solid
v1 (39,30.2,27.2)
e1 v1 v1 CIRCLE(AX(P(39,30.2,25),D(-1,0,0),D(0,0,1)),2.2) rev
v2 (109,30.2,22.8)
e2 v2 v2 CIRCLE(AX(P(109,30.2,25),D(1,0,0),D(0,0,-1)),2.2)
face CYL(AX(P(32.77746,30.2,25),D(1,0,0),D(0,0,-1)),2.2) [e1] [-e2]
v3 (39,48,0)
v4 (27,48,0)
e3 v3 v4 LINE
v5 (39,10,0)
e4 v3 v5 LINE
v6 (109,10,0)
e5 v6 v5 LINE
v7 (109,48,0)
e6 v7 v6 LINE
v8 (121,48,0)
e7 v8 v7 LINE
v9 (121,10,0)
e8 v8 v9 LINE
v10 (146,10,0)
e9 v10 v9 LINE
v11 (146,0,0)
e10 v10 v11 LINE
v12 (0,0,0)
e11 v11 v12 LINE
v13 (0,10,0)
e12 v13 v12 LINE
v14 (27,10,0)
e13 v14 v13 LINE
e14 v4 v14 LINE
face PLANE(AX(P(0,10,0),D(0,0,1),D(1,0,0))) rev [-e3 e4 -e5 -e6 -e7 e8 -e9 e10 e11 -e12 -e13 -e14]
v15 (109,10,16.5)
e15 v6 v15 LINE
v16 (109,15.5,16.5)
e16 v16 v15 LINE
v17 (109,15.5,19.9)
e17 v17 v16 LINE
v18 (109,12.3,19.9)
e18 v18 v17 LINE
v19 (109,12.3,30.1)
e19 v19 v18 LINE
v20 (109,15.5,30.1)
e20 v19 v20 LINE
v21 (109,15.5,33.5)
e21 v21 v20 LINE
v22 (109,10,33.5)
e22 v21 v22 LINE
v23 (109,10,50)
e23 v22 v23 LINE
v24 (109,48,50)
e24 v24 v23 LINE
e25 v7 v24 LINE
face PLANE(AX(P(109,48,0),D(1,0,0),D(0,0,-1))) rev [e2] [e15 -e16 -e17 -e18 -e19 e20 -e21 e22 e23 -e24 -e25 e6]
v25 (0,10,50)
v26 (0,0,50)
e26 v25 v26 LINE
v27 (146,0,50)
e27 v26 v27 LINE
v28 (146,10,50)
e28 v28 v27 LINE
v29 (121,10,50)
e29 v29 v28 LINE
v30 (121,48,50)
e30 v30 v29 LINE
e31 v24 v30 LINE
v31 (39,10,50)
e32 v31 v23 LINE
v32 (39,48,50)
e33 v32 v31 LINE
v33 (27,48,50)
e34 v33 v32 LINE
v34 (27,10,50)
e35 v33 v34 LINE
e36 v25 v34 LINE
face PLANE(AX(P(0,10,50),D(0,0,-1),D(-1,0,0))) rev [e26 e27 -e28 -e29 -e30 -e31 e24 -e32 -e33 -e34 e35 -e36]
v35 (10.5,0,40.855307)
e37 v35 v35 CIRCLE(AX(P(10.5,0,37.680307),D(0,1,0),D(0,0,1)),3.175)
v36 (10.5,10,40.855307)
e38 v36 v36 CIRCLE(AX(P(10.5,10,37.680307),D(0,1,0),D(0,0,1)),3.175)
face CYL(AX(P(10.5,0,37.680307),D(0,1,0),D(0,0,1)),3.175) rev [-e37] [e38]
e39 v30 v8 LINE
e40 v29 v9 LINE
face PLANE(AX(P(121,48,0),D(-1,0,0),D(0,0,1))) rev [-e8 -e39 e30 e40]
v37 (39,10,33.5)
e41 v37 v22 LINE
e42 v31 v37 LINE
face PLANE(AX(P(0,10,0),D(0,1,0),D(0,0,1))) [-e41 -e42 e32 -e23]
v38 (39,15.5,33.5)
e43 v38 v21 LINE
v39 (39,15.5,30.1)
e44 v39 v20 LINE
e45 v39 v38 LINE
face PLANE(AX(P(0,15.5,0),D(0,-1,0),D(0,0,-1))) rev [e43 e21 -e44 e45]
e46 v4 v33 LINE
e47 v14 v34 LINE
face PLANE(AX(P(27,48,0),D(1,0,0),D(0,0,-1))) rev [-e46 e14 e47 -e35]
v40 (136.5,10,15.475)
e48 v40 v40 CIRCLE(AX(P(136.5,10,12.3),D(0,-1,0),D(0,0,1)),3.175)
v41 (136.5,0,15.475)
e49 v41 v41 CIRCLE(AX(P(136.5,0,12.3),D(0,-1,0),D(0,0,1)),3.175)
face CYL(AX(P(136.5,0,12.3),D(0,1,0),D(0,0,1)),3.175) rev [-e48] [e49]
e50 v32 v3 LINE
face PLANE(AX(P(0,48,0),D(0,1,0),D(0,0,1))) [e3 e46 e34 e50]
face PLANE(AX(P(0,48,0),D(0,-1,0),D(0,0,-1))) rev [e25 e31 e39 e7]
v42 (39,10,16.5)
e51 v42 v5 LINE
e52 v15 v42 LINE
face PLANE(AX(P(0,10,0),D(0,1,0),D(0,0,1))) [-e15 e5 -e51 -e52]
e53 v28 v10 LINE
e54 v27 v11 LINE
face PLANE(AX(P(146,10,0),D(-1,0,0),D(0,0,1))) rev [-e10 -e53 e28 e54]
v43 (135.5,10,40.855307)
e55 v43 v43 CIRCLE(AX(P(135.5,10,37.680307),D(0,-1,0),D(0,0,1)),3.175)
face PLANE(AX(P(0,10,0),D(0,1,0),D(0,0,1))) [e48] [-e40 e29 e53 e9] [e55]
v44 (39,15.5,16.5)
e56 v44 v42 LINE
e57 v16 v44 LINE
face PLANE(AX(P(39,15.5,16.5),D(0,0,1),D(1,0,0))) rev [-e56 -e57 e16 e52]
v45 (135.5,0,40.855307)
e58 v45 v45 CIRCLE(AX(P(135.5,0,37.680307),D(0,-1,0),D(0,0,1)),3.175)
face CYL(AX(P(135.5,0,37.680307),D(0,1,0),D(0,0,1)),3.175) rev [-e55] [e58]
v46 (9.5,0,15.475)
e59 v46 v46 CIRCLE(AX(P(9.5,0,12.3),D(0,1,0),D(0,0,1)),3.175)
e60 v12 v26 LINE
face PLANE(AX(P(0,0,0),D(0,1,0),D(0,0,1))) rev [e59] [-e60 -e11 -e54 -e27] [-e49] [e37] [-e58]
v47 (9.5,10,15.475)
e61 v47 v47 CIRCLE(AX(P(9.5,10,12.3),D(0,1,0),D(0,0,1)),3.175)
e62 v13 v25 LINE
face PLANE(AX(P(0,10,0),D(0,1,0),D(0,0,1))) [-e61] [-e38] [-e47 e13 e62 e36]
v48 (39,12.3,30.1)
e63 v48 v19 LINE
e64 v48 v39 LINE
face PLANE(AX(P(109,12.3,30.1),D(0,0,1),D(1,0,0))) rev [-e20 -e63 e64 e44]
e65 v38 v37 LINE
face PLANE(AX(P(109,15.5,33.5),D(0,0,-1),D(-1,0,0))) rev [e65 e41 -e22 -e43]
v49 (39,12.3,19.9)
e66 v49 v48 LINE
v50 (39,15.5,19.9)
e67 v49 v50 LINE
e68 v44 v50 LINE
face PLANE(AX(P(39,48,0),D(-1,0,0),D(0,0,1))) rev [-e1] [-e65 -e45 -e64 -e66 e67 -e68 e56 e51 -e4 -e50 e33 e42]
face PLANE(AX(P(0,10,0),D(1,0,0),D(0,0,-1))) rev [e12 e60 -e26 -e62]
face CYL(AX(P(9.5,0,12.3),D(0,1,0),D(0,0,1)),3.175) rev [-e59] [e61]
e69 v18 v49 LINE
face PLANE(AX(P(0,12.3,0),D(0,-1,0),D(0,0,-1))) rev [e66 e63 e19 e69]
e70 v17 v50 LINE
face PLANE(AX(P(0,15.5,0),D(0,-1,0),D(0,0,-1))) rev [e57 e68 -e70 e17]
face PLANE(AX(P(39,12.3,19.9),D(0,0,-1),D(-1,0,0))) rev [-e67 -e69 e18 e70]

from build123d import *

# Parameters (mm, degrees)
SKETCH1_W           = 146
SKETCH1_H           = 50
BOSS_EXTRUDE1_DEPTH = 10
SKETCH2_R           = 3.175
CUT_EXTRUDE1_DEPTH  = 10
SKETCH3_W           = 12
SKETCH3_H           = 50
BOSS_EXTRUDE2_DEPTH = 38
SKETCH4_R           = 2.2
BOSS_EXTRUDE3_DEPTH = 82
SKETCH5_W           = 70
SKETCH5_H           = 17
BOSS_EXTRUDE4_DEPTH = 5.5
SKETCH6_W           = 70
SKETCH6_H           = 10.2
CUT_EXTRUDE2_DEPTH  = 3.2


with BuildPart() as part:
    # Sketch1 → Boss-Extrude1 (new body)
    with BuildSketch(Plane(origin=(0, 0, 0), x_dir=(1, 0, 0), z_dir=(0, 1, 0))):
        with Locations((73, -25)):
            Rectangle(SKETCH1_W, SKETCH1_H)
    extrude(amount=BOSS_EXTRUDE1_DEPTH)

    # Sketch2 → Cut-Extrude1 (cut)
    with BuildSketch(Plane(origin=(0, 10, 0), x_dir=(1, 0, 0), z_dir=(0, 1, 0))):
        with Locations((9.5, -12.3)):
            Circle(SKETCH2_R)
        with Locations((10.5, -37.680307327)):
            Circle(SKETCH2_R)
    cut_extrude1 = extrude(amount=-CUT_EXTRUDE1_DEPTH, mode=Mode.SUBTRACT)

    # Mirror1: Cut-Extrude1 across plane
    add(cut_extrude1.mirror(Plane.ZY.offset(-73)), mode=Mode.SUBTRACT)

    # Sketch3 → Boss-Extrude2 (add)
    with BuildSketch(Plane(origin=(0, 10, 0), x_dir=(1, 0, 0), z_dir=(0, 1, 0))):
        with Locations((115, -25)):
            Rectangle(SKETCH3_W, SKETCH3_H)
        with Locations((33, -25)):
            Rectangle(SKETCH3_W, SKETCH3_H)
    extrude(amount=BOSS_EXTRUDE2_DEPTH)

    # Sketch4 → Boss-Extrude3 (add)
    with BuildSketch(Plane(origin=(121, 0, 0), x_dir=(0, 0, -1), z_dir=(1, 0, 0))):
        with Locations((-25, 30.2)):
            Circle(SKETCH4_R)
    extrude(amount=-BOSS_EXTRUDE3_DEPTH)

    # Sketch5 → Boss-Extrude4 (add)
    with BuildSketch(Plane(origin=(0, 10, 0), x_dir=(1, 0, 0), z_dir=(0, 1, 0))):
        with Locations((74, -25)):
            Rectangle(SKETCH5_W, SKETCH5_H)
    extrude(amount=BOSS_EXTRUDE4_DEPTH)

    # Sketch6 → Cut-Extrude2 (cut)
    with BuildSketch(Plane(origin=(0, 15.5, 0), x_dir=(1, 0, 0), z_dir=(0, 1, 0))):
        with Locations((74, -25)):
            Rectangle(SKETCH6_W, SKETCH6_H)
    extrude(amount=-CUT_EXTRUDE2_DEPTH, mode=Mode.SUBTRACT)


solid = part.part
